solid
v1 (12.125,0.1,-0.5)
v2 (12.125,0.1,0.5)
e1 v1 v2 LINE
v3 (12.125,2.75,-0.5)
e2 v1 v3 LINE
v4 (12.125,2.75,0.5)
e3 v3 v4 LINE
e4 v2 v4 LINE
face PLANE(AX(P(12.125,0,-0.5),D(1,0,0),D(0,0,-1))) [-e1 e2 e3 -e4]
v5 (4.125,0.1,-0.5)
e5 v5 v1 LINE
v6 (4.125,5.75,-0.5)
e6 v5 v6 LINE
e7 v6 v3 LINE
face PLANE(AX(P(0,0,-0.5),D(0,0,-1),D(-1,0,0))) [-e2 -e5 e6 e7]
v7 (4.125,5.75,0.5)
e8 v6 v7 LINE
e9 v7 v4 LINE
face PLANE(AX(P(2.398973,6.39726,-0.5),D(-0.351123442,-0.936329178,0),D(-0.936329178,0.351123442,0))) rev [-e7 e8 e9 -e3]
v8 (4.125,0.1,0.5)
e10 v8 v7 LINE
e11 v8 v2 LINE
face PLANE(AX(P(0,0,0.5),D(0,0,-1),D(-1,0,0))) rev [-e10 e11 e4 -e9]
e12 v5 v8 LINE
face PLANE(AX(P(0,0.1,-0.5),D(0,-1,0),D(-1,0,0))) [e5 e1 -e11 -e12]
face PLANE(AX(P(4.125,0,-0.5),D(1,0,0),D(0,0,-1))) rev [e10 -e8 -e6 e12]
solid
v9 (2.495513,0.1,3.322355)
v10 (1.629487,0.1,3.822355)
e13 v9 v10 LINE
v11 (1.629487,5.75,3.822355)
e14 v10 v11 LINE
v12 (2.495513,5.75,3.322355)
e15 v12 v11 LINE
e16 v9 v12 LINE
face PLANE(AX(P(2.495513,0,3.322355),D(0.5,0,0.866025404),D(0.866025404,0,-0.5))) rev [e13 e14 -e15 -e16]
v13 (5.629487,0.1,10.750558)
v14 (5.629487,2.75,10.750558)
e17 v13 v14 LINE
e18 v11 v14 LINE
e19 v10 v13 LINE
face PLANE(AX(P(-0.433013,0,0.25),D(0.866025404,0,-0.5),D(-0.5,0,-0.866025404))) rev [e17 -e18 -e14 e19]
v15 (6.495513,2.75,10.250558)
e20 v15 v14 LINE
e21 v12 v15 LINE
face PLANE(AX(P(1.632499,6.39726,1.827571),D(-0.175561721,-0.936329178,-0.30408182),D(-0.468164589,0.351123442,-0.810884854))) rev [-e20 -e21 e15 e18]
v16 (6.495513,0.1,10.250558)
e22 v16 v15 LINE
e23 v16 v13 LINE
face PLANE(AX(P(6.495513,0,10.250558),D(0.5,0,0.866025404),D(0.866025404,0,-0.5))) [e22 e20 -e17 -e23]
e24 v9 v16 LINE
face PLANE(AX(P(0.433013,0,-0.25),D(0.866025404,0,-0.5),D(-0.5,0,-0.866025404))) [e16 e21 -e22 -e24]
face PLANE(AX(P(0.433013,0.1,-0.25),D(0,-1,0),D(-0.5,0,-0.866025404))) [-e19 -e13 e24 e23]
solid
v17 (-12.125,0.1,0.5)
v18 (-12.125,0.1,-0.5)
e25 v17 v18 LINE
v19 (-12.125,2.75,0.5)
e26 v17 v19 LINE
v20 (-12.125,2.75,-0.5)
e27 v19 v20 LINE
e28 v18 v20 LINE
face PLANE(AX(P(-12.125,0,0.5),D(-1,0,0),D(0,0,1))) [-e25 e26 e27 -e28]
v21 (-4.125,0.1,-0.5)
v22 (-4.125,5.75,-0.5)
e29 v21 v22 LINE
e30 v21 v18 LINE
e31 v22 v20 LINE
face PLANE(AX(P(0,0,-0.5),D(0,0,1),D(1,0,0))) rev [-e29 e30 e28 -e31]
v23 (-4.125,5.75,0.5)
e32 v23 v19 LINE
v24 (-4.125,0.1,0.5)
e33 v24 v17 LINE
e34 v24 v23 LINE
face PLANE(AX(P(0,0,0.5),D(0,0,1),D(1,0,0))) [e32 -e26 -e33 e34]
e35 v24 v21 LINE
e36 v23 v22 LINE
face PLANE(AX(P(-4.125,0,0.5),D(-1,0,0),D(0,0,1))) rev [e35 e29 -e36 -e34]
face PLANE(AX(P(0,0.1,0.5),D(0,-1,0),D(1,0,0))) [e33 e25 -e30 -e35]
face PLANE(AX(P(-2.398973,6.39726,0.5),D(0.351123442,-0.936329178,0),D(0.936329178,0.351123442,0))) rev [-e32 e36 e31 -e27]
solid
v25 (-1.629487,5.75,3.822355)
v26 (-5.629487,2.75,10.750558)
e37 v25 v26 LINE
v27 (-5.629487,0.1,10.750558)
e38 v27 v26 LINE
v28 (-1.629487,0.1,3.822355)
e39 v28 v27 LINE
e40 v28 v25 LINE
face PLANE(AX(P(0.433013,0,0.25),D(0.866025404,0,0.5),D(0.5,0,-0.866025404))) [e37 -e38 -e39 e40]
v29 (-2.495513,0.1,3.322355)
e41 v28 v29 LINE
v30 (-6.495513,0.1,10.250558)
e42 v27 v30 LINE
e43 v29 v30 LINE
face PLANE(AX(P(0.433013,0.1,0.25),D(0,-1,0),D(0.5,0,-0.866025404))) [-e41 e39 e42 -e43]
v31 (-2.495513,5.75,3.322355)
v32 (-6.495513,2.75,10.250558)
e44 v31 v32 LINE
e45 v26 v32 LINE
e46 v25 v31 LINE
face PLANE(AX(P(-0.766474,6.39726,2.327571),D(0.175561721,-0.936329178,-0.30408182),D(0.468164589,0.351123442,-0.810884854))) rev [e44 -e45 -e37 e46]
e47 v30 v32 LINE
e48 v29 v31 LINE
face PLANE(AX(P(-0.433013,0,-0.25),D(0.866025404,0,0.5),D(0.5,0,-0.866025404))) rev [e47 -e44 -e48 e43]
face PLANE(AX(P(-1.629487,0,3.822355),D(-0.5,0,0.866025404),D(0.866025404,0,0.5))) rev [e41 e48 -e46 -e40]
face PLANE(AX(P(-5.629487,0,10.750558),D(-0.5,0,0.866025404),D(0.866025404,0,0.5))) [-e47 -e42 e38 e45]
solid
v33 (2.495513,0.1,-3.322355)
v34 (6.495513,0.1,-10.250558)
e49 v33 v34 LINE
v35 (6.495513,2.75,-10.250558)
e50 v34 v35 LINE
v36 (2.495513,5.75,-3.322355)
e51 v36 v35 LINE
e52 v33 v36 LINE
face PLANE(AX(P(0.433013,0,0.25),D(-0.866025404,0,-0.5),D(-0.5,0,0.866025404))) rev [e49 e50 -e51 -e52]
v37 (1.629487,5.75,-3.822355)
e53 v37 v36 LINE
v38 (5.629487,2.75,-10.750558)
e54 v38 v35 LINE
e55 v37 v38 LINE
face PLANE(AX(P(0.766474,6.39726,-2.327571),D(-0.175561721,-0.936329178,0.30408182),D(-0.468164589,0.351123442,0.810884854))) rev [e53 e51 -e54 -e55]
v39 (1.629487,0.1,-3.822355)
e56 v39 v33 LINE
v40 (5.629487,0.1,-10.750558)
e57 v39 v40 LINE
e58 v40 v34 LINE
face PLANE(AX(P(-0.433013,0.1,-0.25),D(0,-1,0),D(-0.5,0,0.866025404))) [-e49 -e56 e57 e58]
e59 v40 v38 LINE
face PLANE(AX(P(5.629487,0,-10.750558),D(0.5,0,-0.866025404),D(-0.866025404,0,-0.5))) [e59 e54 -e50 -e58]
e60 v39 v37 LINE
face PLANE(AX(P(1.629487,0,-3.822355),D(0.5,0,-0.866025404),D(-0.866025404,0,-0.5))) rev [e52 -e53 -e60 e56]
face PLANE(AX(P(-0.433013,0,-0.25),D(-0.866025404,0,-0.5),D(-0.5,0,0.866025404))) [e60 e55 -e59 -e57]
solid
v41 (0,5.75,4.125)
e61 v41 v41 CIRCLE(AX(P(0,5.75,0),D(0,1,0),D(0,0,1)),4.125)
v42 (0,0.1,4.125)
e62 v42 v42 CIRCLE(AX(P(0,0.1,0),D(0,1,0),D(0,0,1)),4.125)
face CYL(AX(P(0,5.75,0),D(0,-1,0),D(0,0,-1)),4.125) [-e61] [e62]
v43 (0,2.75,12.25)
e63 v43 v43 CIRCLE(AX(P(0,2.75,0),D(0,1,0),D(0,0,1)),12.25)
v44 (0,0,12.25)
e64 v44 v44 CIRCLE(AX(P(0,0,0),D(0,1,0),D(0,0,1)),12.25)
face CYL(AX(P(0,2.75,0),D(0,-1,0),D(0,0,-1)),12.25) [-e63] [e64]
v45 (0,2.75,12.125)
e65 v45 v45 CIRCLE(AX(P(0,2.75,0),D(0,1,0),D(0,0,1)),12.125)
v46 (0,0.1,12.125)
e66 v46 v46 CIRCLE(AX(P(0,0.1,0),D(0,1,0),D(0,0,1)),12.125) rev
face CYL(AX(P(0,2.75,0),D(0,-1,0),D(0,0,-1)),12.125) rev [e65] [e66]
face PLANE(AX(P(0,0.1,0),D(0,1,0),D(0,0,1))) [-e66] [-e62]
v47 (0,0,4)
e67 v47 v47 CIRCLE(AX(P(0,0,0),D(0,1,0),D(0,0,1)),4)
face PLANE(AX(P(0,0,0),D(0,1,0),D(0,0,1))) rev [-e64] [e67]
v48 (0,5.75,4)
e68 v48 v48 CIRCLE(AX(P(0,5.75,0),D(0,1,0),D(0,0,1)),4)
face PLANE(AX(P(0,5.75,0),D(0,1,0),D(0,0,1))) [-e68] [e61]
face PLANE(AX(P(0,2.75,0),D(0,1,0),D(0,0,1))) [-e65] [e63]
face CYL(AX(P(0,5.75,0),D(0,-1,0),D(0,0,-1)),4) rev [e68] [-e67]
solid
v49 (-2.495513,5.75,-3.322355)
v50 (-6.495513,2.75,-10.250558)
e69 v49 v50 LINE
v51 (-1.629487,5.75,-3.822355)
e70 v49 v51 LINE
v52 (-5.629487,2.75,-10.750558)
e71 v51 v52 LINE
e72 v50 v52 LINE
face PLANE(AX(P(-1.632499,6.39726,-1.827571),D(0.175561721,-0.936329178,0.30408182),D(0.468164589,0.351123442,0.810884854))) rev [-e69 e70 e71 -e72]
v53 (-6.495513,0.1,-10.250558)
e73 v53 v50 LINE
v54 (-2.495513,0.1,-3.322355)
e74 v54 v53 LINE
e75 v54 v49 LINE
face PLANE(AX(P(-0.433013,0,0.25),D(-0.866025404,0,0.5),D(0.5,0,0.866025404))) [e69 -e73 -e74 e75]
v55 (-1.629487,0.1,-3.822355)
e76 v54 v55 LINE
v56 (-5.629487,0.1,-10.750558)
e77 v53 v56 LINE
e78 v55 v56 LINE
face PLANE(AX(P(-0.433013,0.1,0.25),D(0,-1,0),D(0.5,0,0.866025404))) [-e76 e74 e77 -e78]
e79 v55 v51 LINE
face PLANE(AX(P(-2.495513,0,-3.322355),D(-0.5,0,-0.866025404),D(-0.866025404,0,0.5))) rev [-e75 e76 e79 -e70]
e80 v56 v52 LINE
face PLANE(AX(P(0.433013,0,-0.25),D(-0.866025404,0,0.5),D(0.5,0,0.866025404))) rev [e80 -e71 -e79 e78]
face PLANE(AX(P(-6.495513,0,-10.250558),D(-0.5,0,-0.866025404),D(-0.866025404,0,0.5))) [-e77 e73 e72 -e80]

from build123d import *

# Parameters (mm, degrees)
SKETCH1_R           = 4.125
SKETCH1_R_2         = 4
BOSS_EXTRUDE1_DEPTH = 5.75
SKETCH1_4_R         = 12.25
SKETCH1_4_R_2       = 12.125
BOSS_EXTRUDE2_DEPTH = 2.75
SKETCH1_5_R         = 12.125
SKETCH1_5_R_2       = 4.125
BOSS_EXTRUDE3_DEPTH = 0.1
BOSS_EXTRUDE5_DEPTH = 0.5
CIRPATTERN4_COUNT   = 6


with BuildPart() as part:
    # Sketch1 → Boss-Extrude1 (new body)
    with BuildSketch(Plane(origin=(0, 0, 0), x_dir=(1, 0, 0), z_dir=(0, 1, 0))):
        with Locations(Location((0, 0, 0), (0, 0, 270))):
            Circle(SKETCH1_R)
        with Locations(Location((0, 0, 0), (0, 0, 270))):
            Circle(SKETCH1_R_2, mode=Mode.SUBTRACT)
    extrude(amount=BOSS_EXTRUDE1_DEPTH)



with BuildPart() as body_2:
    # Sketch1<4> → Boss-Extrude2 (new body)
    with BuildSketch(Plane(origin=(0, 0, 0), x_dir=(1, 0, 0), z_dir=(0, 1, 0))):
        with Locations(Location((0, 0, 0), (0, 0, 270))):
            Circle(SKETCH1_4_R)
        with Locations(Location((0, 0, 0), (0, 0, 270))):
            Circle(SKETCH1_4_R_2, mode=Mode.SUBTRACT)
    extrude(amount=BOSS_EXTRUDE2_DEPTH)


with BuildPart() as part_1:
    add(part.part)

    add(body_2.part)  # Boss-Extrude3 merges body 2
    # Sketch1<5> → Boss-Extrude3 (add)
    with BuildSketch(Plane(origin=(0, 0, 0), x_dir=(1, 0, 0), z_dir=(0, 1, 0))):
        with Locations(Location((0, 0, 0), (0, 0, 270))):
            Circle(SKETCH1_5_R)
        with Locations(Location((0, 0, 0), (0, 0, 270))):
            Circle(SKETCH1_5_R_2, mode=Mode.SUBTRACT)
    extrude(amount=BOSS_EXTRUDE3_DEPTH)


with BuildPart() as body_2_2:
    # Sketch7 → Boss-Extrude5 (new, symmetric)
    with BuildSketch(Plane.XY):
        Polygon((-4.125, 0.1), (-12.125, 0.1), (-12.125, 2.75), (-4.125, 5.75), align=None)
    extrude(amount=BOSS_EXTRUDE5_DEPTH, both=True)


with BuildPart() as cirpattern4_1:
    # CirPattern4: pattern copy
    add(body_2_2.part.rotate(Axis((0, 0, 0), (0, 1, 0)), 1 * 360 / CIRPATTERN4_COUNT))


with BuildPart() as cirpattern4_2:
    # CirPattern4: pattern copy
    add(body_2_2.part.rotate(Axis((0, 0, 0), (0, 1, 0)), 2 * 360 / CIRPATTERN4_COUNT))


with BuildPart() as cirpattern4_3:
    # CirPattern4: pattern copy
    add(body_2_2.part.rotate(Axis((0, 0, 0), (0, 1, 0)), 3 * 360 / CIRPATTERN4_COUNT))


with BuildPart() as cirpattern4_4:
    # CirPattern4: pattern copy
    add(body_2_2.part.rotate(Axis((0, 0, 0), (0, 1, 0)), 4 * 360 / CIRPATTERN4_COUNT))


with BuildPart() as cirpattern4_5:
    # CirPattern4: pattern copy
    add(body_2_2.part.rotate(Axis((0, 0, 0), (0, 1, 0)), 5 * 360 / CIRPATTERN4_COUNT))


solid = Compound([part_1.part, body_2_2.part, cirpattern4_1.part, cirpattern4_2.part, cirpattern4_3.part, cirpattern4_4.part, cirpattern4_5.part])
